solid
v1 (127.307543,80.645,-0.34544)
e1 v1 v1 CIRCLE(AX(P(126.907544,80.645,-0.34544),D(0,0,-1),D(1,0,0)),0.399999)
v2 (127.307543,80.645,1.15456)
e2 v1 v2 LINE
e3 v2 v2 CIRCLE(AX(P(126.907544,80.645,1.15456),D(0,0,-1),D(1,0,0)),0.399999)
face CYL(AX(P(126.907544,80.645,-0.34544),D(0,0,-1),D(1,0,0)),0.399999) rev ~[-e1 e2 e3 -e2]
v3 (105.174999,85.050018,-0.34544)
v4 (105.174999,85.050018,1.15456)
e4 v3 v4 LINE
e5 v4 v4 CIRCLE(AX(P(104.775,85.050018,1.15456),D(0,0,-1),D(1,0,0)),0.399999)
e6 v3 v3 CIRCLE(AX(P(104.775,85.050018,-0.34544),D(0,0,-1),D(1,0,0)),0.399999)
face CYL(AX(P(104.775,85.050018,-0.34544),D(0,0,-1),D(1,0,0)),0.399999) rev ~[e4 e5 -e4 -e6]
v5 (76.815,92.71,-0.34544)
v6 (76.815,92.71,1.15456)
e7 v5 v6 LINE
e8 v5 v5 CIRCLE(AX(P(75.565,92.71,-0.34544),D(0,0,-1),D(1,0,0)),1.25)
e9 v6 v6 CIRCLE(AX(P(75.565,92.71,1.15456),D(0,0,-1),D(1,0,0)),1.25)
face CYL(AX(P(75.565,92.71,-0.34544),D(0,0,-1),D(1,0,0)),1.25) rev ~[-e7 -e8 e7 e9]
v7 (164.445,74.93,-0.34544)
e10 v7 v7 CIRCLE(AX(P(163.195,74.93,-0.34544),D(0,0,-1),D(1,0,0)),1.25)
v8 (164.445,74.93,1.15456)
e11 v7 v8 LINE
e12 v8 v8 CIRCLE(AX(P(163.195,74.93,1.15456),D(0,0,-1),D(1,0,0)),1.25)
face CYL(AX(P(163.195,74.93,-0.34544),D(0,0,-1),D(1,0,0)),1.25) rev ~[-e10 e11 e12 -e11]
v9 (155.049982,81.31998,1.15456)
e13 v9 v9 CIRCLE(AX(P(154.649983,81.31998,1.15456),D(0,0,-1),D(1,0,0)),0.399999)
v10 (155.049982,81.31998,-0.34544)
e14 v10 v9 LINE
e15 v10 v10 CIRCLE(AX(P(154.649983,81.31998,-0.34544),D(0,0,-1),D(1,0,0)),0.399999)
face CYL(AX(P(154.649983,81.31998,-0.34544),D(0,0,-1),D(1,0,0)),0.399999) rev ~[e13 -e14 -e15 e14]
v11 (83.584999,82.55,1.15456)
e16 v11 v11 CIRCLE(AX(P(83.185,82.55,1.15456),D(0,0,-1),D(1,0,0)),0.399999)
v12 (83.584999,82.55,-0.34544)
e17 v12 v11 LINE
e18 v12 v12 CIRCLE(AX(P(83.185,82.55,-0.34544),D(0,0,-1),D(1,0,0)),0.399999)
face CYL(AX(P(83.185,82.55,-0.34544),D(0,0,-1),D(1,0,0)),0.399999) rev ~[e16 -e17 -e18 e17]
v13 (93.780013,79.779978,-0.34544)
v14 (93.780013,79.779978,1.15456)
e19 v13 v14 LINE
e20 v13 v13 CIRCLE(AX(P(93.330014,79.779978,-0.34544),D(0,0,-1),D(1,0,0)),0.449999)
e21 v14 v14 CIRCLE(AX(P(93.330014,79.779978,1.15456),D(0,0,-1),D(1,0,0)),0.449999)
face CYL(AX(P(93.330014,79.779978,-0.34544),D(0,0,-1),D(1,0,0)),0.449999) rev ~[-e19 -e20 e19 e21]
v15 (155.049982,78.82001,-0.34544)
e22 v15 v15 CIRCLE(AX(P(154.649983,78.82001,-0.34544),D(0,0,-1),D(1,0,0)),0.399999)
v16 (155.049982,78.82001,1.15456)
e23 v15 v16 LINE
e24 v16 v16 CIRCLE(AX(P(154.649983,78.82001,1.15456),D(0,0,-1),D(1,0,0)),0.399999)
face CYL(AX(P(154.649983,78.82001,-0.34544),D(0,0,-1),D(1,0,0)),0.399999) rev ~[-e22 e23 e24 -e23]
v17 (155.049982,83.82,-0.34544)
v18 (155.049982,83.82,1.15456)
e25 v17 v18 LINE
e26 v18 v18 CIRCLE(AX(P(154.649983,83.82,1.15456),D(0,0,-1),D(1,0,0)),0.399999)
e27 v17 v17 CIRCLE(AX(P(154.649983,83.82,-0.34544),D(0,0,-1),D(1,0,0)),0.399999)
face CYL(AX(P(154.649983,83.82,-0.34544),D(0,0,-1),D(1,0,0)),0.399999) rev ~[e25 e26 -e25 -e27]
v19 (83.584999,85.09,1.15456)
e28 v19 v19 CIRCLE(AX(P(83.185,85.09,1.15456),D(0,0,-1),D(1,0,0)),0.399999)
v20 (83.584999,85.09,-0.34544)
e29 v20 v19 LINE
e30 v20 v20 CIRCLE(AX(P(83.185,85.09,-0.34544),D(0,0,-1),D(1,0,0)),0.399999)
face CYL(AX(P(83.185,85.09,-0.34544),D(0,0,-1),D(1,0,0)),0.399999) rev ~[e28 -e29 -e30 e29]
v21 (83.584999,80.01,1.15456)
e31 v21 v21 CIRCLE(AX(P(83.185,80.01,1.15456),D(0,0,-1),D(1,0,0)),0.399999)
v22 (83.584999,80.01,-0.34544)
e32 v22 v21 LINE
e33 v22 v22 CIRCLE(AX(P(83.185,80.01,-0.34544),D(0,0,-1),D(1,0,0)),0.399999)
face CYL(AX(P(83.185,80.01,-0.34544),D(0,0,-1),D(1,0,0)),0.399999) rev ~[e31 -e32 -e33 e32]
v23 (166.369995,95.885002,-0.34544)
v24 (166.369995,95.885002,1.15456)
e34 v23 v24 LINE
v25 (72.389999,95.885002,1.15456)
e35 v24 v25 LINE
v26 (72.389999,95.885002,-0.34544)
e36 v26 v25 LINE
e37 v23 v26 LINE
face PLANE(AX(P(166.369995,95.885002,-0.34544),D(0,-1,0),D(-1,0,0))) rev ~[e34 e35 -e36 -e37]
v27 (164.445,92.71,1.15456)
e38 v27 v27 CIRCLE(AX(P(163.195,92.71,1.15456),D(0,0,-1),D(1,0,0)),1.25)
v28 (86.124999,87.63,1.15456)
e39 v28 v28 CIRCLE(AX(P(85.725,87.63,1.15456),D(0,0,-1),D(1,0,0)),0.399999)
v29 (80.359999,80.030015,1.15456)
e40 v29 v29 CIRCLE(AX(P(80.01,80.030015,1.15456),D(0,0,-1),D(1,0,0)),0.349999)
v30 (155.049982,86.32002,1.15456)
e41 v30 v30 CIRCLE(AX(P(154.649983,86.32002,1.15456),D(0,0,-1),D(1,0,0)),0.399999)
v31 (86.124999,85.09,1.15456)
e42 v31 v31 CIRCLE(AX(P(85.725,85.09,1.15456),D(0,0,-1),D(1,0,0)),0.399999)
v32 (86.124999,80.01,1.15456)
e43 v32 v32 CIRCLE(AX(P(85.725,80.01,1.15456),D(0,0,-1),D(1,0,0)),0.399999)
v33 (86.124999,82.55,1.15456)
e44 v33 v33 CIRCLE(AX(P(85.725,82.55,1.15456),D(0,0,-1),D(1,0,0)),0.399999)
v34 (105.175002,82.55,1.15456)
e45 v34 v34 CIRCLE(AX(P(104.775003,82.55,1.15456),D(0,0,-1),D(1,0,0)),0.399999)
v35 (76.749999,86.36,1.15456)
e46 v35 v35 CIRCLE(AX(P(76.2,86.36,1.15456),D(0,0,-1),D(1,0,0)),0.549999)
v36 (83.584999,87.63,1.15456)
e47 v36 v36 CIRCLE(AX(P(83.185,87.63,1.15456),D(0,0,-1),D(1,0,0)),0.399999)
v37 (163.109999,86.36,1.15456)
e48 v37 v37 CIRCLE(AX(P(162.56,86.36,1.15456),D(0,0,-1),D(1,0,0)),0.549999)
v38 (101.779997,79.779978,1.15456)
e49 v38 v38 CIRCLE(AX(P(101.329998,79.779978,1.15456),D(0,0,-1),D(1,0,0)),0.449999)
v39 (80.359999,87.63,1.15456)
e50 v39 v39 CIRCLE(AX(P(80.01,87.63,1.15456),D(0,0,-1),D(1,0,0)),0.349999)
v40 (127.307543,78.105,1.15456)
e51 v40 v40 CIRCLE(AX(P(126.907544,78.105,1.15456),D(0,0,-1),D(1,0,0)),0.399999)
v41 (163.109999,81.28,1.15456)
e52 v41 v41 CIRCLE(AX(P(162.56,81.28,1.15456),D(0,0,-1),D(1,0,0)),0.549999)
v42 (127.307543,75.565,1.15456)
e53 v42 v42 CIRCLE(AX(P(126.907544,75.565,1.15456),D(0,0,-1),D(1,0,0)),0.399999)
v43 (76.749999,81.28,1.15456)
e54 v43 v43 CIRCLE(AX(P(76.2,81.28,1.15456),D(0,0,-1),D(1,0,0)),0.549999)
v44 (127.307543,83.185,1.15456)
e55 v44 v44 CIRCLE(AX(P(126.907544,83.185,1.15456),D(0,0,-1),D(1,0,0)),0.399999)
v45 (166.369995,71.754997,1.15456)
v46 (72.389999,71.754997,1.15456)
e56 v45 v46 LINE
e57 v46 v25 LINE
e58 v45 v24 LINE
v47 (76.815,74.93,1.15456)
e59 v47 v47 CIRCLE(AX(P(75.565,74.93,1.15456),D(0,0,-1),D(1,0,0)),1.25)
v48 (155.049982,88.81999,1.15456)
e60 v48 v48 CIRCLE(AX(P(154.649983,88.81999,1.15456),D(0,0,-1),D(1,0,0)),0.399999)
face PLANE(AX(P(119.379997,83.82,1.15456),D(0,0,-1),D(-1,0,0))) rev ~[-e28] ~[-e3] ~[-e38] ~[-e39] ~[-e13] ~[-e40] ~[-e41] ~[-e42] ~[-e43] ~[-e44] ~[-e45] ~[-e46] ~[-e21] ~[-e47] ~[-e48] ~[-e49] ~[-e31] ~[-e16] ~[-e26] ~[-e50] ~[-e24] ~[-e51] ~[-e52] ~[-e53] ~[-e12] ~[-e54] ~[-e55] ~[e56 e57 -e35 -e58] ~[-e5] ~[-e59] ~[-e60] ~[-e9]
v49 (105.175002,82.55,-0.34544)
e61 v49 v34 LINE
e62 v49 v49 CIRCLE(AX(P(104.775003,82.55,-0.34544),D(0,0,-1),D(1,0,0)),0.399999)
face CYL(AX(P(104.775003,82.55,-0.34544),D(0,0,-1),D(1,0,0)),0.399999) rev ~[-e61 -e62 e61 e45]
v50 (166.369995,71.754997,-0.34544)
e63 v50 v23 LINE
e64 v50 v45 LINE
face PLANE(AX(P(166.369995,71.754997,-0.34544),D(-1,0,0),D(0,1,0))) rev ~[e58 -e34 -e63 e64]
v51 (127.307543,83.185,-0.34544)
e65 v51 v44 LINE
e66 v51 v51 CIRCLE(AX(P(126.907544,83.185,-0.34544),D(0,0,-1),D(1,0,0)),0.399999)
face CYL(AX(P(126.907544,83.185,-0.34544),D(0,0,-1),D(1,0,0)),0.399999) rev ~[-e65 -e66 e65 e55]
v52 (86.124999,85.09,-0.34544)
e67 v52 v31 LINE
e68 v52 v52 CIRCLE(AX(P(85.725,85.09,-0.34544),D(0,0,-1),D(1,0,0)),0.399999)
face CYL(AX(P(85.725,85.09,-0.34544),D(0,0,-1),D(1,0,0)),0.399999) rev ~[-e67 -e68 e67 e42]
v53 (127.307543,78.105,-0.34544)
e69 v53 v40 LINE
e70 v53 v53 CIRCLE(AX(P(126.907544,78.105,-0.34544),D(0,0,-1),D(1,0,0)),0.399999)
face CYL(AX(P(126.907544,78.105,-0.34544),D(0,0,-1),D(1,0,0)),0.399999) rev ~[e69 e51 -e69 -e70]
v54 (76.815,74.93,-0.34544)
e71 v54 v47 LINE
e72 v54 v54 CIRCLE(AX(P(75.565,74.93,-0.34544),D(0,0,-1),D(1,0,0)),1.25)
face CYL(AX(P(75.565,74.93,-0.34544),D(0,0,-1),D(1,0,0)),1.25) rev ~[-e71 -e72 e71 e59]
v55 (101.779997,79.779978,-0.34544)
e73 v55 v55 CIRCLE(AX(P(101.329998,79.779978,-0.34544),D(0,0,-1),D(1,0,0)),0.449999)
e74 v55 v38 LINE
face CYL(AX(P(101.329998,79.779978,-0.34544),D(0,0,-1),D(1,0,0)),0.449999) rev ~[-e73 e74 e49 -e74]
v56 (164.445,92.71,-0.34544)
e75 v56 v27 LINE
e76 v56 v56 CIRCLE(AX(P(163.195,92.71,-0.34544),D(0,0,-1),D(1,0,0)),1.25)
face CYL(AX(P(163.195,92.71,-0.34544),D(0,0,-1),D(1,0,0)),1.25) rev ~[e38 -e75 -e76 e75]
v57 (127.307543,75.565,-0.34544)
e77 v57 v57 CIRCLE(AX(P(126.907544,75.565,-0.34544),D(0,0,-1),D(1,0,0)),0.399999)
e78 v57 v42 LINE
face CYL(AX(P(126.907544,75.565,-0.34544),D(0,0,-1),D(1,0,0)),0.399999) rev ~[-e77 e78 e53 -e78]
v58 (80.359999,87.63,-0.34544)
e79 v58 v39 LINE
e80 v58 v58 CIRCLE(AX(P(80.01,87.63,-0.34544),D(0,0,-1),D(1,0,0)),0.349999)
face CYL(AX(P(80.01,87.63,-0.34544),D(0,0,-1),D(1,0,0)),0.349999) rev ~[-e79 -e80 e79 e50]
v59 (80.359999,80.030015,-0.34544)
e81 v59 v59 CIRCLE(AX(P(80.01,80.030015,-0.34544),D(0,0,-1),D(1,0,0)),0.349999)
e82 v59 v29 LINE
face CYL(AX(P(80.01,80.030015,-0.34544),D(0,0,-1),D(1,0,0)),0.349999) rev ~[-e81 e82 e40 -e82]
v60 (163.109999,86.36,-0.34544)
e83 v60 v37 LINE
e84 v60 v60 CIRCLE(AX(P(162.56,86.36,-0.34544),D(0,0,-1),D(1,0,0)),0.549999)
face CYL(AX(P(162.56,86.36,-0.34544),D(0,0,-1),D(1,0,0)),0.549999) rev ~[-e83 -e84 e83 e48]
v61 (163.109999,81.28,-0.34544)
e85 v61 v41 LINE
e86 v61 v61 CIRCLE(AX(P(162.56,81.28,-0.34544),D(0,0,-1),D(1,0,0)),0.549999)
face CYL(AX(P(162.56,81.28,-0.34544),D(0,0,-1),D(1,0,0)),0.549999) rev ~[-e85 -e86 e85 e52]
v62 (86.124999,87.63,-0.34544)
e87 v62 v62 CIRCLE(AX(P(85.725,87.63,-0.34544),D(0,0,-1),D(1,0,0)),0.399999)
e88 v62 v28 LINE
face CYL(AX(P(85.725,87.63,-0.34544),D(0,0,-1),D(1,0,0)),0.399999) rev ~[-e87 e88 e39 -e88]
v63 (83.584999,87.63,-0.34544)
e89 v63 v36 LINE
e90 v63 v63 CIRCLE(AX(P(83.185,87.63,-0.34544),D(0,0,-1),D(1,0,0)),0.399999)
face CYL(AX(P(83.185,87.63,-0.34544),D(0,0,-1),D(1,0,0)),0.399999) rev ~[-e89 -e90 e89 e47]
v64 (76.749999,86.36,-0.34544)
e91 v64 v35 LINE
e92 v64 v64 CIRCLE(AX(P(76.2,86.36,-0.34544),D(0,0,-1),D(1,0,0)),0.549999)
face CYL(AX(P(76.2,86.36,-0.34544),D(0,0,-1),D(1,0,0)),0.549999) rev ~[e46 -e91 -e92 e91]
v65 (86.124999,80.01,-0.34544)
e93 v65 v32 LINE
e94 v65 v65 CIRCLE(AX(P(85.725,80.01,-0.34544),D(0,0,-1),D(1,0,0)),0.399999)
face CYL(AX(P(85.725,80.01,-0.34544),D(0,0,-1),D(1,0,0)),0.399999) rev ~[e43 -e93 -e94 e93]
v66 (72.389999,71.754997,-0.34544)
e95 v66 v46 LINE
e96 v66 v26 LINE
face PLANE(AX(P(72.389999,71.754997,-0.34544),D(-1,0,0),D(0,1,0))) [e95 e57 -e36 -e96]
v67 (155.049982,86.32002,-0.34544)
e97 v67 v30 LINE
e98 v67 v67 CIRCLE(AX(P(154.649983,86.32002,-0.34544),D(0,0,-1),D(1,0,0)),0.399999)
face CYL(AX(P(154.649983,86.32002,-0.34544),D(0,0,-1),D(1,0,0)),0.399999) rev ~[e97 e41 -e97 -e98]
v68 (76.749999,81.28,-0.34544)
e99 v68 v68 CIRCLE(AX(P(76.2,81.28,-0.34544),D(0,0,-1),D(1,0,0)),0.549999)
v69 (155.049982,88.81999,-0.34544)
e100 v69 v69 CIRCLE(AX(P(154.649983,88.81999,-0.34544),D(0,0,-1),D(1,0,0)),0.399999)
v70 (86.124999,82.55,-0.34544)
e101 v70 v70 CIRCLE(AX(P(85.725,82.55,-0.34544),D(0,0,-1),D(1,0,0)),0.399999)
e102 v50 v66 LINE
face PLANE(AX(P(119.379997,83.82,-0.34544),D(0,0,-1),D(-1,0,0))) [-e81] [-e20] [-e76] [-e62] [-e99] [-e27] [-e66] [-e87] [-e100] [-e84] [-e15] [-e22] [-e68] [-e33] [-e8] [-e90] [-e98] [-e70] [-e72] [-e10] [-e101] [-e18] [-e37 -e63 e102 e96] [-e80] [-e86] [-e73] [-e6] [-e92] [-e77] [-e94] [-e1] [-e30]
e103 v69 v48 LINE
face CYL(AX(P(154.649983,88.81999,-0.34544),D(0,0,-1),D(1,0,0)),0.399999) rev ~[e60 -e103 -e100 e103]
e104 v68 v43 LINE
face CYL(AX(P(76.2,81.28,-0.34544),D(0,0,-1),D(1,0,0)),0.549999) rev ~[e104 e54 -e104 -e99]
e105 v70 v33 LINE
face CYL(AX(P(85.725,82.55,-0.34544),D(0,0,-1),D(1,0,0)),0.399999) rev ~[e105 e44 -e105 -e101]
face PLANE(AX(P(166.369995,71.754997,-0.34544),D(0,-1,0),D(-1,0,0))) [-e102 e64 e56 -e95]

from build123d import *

# Parameters (mm, degrees)
SKETCH_1_W      = 93.979995727
SKETCH_1_H      = 24.130004883
SKETCH_1_R      = 1.25000004
SKETCH_1_R_2    = 0.3999992
SKETCH_1_R_3    = 0.5499989
SKETCH_1_R_4    = 0.4499991
SKETCH_1_R_5    = 0.3499993
EXTRUDE_1_DEPTH = 1.5


with BuildPart() as part:
    # Эскиз1 → Бобышка-Вытянуть1 (new body)
    with BuildSketch(Plane(origin=(0, 0, -0.34544), x_dir=(-1, 0, 0), z_dir=(0, 0, -1))):
        with Locations((-119.379997253, 83.819999695)):
            Rectangle(SKETCH_1_W, SKETCH_1_H)
        with Locations(Location((-163.195, 92.71, 0), (0, 0, 180))):
            Circle(SKETCH_1_R, mode=Mode.SUBTRACT)
        with Locations(Location((-154.6499828, 88.81999, 0), (0, 0, 180))):
            Circle(SKETCH_1_R_2, mode=Mode.SUBTRACT)
        with Locations(Location((-162.56, 86.36, 0), (0, 0, 180))):
            Circle(SKETCH_1_R_3, mode=Mode.SUBTRACT)
        with Locations(Location((-154.6499828, 86.3200204, 0), (0, 0, 180))):
            Circle(SKETCH_1_R_2, mode=Mode.SUBTRACT)
        with Locations(Location((-154.6499828, 83.82, 0), (0, 0, 180))):
            Circle(SKETCH_1_R_2, mode=Mode.SUBTRACT)
        with Locations(Location((-104.775, 85.05001786, 0), (0, 0, 180))):
            Circle(SKETCH_1_R_2, mode=Mode.SUBTRACT)
        with Locations(Location((-126.907544, 83.185, 0), (0, 0, 180))):
            Circle(SKETCH_1_R_2, mode=Mode.SUBTRACT)
        with Locations(Location((-104.77500254, 82.55, 0), (0, 0, 180))):
            Circle(SKETCH_1_R_2, mode=Mode.SUBTRACT)
        with Locations(Location((-162.56, 81.28, 0), (0, 0, 180))):
            Circle(SKETCH_1_R_3, mode=Mode.SUBTRACT)
        with Locations(Location((-154.6499828, 81.3199796, 0), (0, 0, 180))):
            Circle(SKETCH_1_R_2, mode=Mode.SUBTRACT)
        with Locations(Location((-163.195, 74.93, 0), (0, 0, 180))):
            Circle(SKETCH_1_R, mode=Mode.SUBTRACT)
        with Locations(Location((-154.6499828, 78.82001, 0), (0, 0, 180))):
            Circle(SKETCH_1_R_2, mode=Mode.SUBTRACT)
        with Locations(Location((-126.907544, 80.645, 0), (0, 0, 180))):
            Circle(SKETCH_1_R_2, mode=Mode.SUBTRACT)
        with Locations(Location((-101.329998, 79.7799776, 0), (0, 0, 180))):
            Circle(SKETCH_1_R_4, mode=Mode.SUBTRACT)
        with Locations(Location((-126.907544, 75.565, 0), (0, 0, 180))):
            Circle(SKETCH_1_R_2, mode=Mode.SUBTRACT)
        with Locations(Location((-126.907544, 78.105, 0), (0, 0, 180))):
            Circle(SKETCH_1_R_2, mode=Mode.SUBTRACT)
        with Locations(Location((-85.725, 87.63, 0), (0, 0, 180))):
            Circle(SKETCH_1_R_2, mode=Mode.SUBTRACT)
        with Locations(Location((-83.185, 87.63, 0), (0, 0, 180))):
            Circle(SKETCH_1_R_2, mode=Mode.SUBTRACT)
        with Locations(Location((-85.725, 82.55, 0), (0, 0, 180))):
            Circle(SKETCH_1_R_2, mode=Mode.SUBTRACT)
        with Locations(Location((-85.725, 85.09, 0), (0, 0, 180))):
            Circle(SKETCH_1_R_2, mode=Mode.SUBTRACT)
        with Locations(Location((-80.01, 87.63, 0), (0, 0, 180))):
            Circle(SKETCH_1_R_5, mode=Mode.SUBTRACT)
        with Locations(Location((-75.565, 92.71, 0), (0, 0, 180))):
            Circle(SKETCH_1_R, mode=Mode.SUBTRACT)
        with Locations(Location((-83.185, 85.09, 0), (0, 0, 180))):
            Circle(SKETCH_1_R_2, mode=Mode.SUBTRACT)
        with Locations(Location((-76.2, 86.36, 0), (0, 0, 180))):
            Circle(SKETCH_1_R_3, mode=Mode.SUBTRACT)
        with Locations(Location((-85.725, 80.01, 0), (0, 0, 180))):
            Circle(SKETCH_1_R_2, mode=Mode.SUBTRACT)
        with Locations(Location((-83.185, 82.55, 0), (0, 0, 180))):
            Circle(SKETCH_1_R_2, mode=Mode.SUBTRACT)
        with Locations(Location((-93.330014, 79.7799776, 0), (0, 0, 180))):
            Circle(SKETCH_1_R_4, mode=Mode.SUBTRACT)
        with Locations(Location((-83.185, 80.01, 0), (0, 0, 180))):
            Circle(SKETCH_1_R_2, mode=Mode.SUBTRACT)
        with Locations(Location((-80.01, 80.0300152, 0), (0, 0, 180))):
            Circle(SKETCH_1_R_5, mode=Mode.SUBTRACT)
        with Locations(Location((-76.2, 81.28, 0), (0, 0, 180))):
            Circle(SKETCH_1_R_3, mode=Mode.SUBTRACT)
        with Locations(Location((-75.565, 74.93, 0), (0, 0, 180))):
            Circle(SKETCH_1_R, mode=Mode.SUBTRACT)
    extrude(amount=-EXTRUDE_1_DEPTH)


solid = part.part
